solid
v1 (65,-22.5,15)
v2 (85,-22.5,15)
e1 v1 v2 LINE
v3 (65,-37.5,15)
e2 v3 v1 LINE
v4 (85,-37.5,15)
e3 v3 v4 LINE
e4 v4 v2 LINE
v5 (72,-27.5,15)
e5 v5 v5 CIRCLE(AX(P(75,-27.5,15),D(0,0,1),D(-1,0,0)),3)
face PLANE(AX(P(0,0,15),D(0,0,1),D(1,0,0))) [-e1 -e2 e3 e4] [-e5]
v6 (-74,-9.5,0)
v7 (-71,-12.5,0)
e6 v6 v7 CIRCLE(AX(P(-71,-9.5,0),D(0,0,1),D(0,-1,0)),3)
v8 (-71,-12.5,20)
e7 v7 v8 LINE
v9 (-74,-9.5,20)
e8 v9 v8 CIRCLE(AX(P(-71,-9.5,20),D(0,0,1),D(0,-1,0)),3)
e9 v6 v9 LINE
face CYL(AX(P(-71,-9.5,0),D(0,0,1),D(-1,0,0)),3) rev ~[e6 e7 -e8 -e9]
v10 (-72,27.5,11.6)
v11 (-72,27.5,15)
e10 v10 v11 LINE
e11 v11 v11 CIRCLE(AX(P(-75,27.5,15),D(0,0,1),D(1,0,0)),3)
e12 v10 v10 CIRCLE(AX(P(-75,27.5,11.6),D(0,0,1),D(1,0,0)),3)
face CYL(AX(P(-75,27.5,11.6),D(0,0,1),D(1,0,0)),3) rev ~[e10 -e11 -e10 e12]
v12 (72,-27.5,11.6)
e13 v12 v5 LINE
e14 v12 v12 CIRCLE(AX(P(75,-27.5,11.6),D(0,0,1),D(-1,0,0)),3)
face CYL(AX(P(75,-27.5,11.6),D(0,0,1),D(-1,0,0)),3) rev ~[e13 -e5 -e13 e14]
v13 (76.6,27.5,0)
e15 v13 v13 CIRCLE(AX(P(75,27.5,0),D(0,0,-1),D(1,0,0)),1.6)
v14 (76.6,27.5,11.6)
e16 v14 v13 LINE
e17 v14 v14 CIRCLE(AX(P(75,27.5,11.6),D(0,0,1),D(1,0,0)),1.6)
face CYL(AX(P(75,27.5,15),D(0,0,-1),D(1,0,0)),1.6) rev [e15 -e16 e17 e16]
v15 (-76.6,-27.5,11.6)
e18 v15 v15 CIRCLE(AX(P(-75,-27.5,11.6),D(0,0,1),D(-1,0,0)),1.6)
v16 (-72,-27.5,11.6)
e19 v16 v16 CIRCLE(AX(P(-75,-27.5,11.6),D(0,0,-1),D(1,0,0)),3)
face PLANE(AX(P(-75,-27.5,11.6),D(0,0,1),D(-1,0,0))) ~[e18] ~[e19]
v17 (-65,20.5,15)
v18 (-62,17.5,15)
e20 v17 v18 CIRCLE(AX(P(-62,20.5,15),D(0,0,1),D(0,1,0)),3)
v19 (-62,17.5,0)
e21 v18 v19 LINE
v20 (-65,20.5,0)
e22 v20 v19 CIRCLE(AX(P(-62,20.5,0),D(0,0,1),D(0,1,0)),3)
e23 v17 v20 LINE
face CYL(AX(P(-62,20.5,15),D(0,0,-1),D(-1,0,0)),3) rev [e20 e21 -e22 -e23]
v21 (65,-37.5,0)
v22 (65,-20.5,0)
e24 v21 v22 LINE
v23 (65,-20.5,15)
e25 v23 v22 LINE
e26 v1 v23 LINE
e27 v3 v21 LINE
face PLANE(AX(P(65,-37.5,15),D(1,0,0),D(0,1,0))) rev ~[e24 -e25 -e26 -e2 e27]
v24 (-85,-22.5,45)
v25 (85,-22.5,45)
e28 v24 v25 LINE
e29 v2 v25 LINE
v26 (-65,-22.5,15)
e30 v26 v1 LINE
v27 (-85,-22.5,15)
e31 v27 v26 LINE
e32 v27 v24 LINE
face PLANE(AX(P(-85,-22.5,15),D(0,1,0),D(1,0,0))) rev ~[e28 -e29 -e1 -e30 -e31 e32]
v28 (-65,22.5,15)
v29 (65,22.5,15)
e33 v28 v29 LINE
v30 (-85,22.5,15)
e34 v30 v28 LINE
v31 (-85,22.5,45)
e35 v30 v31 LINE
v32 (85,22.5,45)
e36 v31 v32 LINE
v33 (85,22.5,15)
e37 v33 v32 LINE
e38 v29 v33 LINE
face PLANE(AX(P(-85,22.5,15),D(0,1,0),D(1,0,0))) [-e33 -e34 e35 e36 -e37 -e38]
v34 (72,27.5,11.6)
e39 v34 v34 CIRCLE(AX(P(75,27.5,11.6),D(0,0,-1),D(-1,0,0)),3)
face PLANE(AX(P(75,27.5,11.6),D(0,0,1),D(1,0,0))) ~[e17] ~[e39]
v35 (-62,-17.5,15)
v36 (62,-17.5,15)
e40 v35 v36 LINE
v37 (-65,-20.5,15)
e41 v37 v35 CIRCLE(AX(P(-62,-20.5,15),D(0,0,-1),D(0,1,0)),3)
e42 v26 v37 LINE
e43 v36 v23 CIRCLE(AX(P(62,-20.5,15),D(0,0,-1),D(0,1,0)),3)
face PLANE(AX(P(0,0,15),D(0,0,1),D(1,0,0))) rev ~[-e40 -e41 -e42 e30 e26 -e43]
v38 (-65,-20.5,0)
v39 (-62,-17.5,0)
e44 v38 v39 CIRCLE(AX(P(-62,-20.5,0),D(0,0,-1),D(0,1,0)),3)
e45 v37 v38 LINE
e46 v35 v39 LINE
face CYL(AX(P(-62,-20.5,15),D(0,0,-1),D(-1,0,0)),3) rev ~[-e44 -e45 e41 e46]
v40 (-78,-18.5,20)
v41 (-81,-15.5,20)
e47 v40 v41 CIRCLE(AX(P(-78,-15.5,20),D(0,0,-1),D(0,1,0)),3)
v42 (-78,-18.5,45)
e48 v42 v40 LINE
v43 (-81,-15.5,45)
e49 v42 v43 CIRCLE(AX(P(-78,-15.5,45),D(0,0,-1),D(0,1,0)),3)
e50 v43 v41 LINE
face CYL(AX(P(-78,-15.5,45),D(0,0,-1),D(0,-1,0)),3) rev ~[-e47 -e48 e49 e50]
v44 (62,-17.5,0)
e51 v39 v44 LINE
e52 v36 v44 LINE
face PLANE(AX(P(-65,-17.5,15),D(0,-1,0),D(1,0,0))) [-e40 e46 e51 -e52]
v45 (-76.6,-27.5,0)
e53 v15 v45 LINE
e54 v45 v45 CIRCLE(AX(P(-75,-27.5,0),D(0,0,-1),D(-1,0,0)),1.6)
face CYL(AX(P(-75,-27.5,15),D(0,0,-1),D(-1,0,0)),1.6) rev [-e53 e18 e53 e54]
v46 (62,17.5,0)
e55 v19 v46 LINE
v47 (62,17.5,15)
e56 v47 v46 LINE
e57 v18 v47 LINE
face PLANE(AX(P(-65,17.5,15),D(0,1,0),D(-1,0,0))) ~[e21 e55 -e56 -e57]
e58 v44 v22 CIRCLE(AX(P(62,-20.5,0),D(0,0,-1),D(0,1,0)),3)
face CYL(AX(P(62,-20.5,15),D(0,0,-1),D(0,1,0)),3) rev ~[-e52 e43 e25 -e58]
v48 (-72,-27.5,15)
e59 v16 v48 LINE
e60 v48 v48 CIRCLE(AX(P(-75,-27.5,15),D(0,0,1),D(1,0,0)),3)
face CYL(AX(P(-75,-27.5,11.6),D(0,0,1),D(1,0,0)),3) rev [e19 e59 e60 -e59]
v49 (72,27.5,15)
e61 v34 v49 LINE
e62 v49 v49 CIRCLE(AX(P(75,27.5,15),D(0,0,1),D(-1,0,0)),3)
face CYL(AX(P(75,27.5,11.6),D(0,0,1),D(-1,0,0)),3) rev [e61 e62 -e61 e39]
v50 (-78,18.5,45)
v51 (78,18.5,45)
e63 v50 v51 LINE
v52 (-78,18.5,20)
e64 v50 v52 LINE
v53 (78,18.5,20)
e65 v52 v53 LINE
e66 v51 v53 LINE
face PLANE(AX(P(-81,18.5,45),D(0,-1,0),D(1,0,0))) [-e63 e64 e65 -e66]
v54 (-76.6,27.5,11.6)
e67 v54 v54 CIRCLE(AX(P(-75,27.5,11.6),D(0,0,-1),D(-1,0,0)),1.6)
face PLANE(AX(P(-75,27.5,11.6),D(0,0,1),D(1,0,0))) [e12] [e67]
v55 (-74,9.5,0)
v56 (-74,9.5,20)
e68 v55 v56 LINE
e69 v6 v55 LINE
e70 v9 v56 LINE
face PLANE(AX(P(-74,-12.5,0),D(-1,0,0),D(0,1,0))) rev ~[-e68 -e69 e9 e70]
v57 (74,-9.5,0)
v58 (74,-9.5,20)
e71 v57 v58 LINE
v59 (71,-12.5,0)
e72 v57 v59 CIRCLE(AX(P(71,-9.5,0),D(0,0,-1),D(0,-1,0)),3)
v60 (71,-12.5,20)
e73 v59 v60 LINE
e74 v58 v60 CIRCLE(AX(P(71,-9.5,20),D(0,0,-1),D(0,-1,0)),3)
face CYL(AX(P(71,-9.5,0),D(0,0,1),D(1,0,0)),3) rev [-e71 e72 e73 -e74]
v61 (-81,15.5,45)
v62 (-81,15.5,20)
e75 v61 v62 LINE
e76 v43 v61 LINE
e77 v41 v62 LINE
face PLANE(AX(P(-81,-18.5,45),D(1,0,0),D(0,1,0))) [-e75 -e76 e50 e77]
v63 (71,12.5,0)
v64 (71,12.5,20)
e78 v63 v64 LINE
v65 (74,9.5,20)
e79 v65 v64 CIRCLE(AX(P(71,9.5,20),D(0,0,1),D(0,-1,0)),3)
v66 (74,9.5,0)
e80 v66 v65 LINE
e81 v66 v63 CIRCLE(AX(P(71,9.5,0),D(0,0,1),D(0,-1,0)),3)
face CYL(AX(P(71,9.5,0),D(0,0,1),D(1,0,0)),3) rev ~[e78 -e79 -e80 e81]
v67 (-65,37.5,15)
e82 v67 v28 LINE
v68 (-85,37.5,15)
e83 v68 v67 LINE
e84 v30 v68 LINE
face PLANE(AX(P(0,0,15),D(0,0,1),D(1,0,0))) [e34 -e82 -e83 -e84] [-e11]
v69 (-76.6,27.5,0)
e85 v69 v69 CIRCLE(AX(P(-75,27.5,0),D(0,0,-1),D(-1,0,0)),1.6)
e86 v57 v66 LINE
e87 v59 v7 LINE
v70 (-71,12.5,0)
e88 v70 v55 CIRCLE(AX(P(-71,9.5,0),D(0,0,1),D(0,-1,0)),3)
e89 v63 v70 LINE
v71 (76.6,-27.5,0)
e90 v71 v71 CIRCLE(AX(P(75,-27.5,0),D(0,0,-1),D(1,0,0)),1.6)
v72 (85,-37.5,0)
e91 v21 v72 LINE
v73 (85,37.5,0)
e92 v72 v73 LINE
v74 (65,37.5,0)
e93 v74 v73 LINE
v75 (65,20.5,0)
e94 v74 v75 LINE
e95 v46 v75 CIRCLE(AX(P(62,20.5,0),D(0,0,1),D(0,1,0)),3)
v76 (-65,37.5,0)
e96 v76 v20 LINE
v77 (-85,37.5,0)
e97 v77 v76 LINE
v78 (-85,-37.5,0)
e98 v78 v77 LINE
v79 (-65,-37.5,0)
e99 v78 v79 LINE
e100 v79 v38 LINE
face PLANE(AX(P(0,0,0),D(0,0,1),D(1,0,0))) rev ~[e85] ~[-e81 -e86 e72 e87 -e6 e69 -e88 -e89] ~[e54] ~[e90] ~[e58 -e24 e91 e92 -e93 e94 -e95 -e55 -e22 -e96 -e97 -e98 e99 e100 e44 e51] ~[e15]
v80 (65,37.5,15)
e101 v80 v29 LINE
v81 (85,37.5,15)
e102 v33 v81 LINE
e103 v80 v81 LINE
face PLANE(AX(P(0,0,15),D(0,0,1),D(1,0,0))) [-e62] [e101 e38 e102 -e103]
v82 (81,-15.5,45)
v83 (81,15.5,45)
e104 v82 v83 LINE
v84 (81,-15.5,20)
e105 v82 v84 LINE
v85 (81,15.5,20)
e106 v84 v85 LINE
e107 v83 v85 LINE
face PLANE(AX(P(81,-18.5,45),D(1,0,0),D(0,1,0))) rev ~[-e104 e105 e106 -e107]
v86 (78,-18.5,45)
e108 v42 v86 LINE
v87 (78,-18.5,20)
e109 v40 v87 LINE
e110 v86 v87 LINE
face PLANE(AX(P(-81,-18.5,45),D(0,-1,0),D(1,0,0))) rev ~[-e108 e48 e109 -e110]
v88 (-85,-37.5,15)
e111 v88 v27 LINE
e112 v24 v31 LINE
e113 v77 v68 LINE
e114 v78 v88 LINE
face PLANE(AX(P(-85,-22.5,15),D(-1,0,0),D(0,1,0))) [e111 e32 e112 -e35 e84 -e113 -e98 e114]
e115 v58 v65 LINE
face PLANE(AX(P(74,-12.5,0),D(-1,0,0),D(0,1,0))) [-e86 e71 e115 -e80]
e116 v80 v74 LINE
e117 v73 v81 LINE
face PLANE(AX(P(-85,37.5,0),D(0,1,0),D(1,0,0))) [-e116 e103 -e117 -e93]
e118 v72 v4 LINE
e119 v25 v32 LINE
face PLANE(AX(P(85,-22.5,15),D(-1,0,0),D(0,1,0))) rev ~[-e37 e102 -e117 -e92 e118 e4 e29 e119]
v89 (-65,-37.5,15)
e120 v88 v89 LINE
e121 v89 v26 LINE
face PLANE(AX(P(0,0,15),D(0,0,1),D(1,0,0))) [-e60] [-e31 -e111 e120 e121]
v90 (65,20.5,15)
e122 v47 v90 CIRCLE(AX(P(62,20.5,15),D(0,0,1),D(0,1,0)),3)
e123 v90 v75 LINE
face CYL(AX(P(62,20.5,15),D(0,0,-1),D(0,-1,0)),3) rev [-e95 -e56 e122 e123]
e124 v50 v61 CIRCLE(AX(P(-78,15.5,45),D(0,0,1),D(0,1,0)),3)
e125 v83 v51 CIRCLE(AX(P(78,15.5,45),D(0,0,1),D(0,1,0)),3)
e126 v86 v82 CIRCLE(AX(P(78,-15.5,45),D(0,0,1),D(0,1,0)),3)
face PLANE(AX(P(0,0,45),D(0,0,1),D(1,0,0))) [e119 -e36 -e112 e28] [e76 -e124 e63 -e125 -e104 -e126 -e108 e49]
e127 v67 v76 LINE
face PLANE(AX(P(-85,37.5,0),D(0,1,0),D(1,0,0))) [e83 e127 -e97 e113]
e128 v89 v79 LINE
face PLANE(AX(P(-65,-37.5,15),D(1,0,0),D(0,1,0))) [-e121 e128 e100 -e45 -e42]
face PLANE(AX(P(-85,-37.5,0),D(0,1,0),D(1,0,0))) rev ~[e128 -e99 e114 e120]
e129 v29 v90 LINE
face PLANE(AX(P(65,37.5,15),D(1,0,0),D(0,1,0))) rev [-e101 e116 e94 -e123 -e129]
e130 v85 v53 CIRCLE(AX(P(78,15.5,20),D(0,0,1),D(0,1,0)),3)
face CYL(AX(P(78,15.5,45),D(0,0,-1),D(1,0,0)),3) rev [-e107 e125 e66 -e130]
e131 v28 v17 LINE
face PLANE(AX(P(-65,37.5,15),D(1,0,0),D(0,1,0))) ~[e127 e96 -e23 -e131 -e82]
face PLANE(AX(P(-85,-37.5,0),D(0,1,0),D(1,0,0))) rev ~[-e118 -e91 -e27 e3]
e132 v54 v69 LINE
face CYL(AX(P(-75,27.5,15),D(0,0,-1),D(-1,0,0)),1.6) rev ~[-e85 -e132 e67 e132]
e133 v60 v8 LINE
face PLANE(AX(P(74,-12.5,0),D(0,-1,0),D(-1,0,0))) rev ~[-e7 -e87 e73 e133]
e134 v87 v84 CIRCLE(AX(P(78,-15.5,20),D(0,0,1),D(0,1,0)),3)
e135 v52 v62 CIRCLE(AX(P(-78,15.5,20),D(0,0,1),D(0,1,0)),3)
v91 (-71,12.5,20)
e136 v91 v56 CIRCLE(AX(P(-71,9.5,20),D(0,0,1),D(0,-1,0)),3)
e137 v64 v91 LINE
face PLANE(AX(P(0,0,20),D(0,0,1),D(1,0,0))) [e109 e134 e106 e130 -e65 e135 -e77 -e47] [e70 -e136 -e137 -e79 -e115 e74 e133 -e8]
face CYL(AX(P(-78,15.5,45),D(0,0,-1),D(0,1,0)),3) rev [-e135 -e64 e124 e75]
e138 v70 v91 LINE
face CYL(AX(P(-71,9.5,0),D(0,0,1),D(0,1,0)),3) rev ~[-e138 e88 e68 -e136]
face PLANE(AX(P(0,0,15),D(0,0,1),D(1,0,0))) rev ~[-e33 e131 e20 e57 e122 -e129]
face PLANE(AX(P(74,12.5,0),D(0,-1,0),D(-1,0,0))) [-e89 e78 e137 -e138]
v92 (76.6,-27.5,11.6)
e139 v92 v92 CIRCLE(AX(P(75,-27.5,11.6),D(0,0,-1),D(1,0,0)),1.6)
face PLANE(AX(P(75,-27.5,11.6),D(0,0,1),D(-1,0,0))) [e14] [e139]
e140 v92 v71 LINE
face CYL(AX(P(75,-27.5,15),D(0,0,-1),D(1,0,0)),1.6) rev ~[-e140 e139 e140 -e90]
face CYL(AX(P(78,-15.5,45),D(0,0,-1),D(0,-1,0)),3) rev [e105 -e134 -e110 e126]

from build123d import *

# Parameters (mm, degrees)
SKETCH1_W                                            = 170
SKETCH1_H                                            = 75
BOSS_EXTRUDE1_DEPTH                                  = 15
SKETCH2_W                                            = 130
SKETCH2_H                                            = 20
CUT_EXTRUDE1_DEPTH                                   = 95.107651124
CBORE_FOR_M3_HEXAGON_SOCKET_HEAD_CAP_SCR_D           = 3.2
CBORE_FOR_M3_HEXAGON_SOCKET_HEAD_CAP_SCR_CBORE_D     = 6
CBORE_FOR_M3_HEXAGON_SOCKET_HEAD_CAP_SCR_CBORE_DEPTH = 3.4
MIRROR2_AT_THE_SECOND_PLANE_COPY_1_D                 = 3.2
MIRROR2_AT_THE_SECOND_PLANE_COPY_1_CBORE_D           = 6
MIRROR2_AT_THE_SECOND_PLANE_COPY_1_CBORE_DEPTH       = 3.4
FILLET1_R                                            = 3
SKETCH9_W                                            = 170
SKETCH9_H                                            = 45
BOSS_EXTRUDE3_DEPTH                                  = 30
SKETCH8_W                                            = 148
SKETCH8_H                                            = 25
CUT_EXTRUDE2_DEPTH                                   = 104.22911411
SKETCH10_W                                           = 162
SKETCH10_H                                           = 37
CUT_EXTRUDE3_DEPTH                                   = 25
FILLET2_R                                            = 3


with BuildPart() as part:
    # Sketch1 → Boss-Extrude1 (new body)
    with BuildSketch(Plane.XY):
        Rectangle(SKETCH1_W, SKETCH1_H)
    extrude(amount=BOSS_EXTRUDE1_DEPTH)

    # Sketch2 → Cut-Extrude1 (cut, through all)
    with BuildSketch(Plane.XY.offset(15)):
        with Locations((0, -27.5)):
            Rectangle(SKETCH2_W, SKETCH2_H)
    cut_extrude1 = extrude(amount=-CUT_EXTRUDE1_DEPTH, mode=Mode.SUBTRACT)

    # Mirror1: Cut-Extrude1 across plane
    add(cut_extrude1.mirror(Plane.ZX), mode=Mode.SUBTRACT)

    # CBORE for M3 Hexagon socket head cap screws1 (through all)
    with Locations(Plane.XY.offset(15)):
        with Locations((-75, 27.5)):
            cbore_for_m3_hexagon_socket_head_cap_scr = CounterBoreHole(CBORE_FOR_M3_HEXAGON_SOCKET_HEAD_CAP_SCR_D / 2, CBORE_FOR_M3_HEXAGON_SOCKET_HEAD_CAP_SCR_CBORE_D / 2, CBORE_FOR_M3_HEXAGON_SOCKET_HEAD_CAP_SCR_CBORE_DEPTH)

    # Mirror2: CBORE for M3 Hexagon socket head cap screws1 across plane
    add(cbore_for_m3_hexagon_socket_head_cap_scr.mirror(Plane(origin=(0, 0, 0), x_dir=(0, 0, 1), z_dir=(1, 0, 0))), mode=Mode.SUBTRACT)

    # Mirror2 at the second plane: CBORE for M3 Hexagon socket head cap screws1 across plane
    add(cbore_for_m3_hexagon_socket_head_cap_scr.mirror(Plane.ZX), mode=Mode.SUBTRACT)

    # Mirror2 at the second plane copy 1 (through all)
    with Locations(Plane(origin=(0, 0, 15), x_dir=(-1, 0, 0), z_dir=(0, 0, 1))):
        with Locations((-75, 27.5)):
            CounterBoreHole(MIRROR2_AT_THE_SECOND_PLANE_COPY_1_D / 2, MIRROR2_AT_THE_SECOND_PLANE_COPY_1_CBORE_D / 2, MIRROR2_AT_THE_SECOND_PLANE_COPY_1_CBORE_DEPTH)

    # Fillet1
    fillet1_edges = [part.edges().sort_by_distance(p)[0] for p in [
        (-65, -17.5, 7.5),
        (65, -17.5, 7.5),
        (-65, 17.5, 7.5),
        (65, 17.5, 7.5),
    ]]
    fillet(fillet1_edges, radius=FILLET1_R)

    # Sketch9 → Boss-Extrude3 (add)
    with BuildSketch(Plane.XY.offset(15)):
        Rectangle(SKETCH9_W, SKETCH9_H)
    extrude(amount=BOSS_EXTRUDE3_DEPTH)

    # Sketch8 → Cut-Extrude2 (cut, through all)
    with BuildSketch(Plane(origin=(0, 0, 0), x_dir=(-1, 0, 0), z_dir=(0, 0, -1))):
        Rectangle(SKETCH8_W, SKETCH8_H)
    extrude(amount=-CUT_EXTRUDE2_DEPTH, mode=Mode.SUBTRACT)

    # Sketch10 → Cut-Extrude3 (cut)
    with BuildSketch(Plane.XY.offset(45)):
        Rectangle(SKETCH10_W, SKETCH10_H)
    extrude(amount=-CUT_EXTRUDE3_DEPTH, mode=Mode.SUBTRACT)

    # Fillet2
    fillet2_edges = [part.edges().sort_by_distance(p)[0] for p in [
        (-74, -12.5, 10),
        (74, -12.5, 10),
        (-74, 12.5, 10),
        (74, 12.5, 10),
        (-81, -18.5, 32.5),
        (-81, 18.5, 32.5),
        (81, 18.5, 32.5),
        (81, -18.5, 32.5),
    ]]
    fillet(fillet2_edges, radius=FILLET2_R)


solid = part.part
